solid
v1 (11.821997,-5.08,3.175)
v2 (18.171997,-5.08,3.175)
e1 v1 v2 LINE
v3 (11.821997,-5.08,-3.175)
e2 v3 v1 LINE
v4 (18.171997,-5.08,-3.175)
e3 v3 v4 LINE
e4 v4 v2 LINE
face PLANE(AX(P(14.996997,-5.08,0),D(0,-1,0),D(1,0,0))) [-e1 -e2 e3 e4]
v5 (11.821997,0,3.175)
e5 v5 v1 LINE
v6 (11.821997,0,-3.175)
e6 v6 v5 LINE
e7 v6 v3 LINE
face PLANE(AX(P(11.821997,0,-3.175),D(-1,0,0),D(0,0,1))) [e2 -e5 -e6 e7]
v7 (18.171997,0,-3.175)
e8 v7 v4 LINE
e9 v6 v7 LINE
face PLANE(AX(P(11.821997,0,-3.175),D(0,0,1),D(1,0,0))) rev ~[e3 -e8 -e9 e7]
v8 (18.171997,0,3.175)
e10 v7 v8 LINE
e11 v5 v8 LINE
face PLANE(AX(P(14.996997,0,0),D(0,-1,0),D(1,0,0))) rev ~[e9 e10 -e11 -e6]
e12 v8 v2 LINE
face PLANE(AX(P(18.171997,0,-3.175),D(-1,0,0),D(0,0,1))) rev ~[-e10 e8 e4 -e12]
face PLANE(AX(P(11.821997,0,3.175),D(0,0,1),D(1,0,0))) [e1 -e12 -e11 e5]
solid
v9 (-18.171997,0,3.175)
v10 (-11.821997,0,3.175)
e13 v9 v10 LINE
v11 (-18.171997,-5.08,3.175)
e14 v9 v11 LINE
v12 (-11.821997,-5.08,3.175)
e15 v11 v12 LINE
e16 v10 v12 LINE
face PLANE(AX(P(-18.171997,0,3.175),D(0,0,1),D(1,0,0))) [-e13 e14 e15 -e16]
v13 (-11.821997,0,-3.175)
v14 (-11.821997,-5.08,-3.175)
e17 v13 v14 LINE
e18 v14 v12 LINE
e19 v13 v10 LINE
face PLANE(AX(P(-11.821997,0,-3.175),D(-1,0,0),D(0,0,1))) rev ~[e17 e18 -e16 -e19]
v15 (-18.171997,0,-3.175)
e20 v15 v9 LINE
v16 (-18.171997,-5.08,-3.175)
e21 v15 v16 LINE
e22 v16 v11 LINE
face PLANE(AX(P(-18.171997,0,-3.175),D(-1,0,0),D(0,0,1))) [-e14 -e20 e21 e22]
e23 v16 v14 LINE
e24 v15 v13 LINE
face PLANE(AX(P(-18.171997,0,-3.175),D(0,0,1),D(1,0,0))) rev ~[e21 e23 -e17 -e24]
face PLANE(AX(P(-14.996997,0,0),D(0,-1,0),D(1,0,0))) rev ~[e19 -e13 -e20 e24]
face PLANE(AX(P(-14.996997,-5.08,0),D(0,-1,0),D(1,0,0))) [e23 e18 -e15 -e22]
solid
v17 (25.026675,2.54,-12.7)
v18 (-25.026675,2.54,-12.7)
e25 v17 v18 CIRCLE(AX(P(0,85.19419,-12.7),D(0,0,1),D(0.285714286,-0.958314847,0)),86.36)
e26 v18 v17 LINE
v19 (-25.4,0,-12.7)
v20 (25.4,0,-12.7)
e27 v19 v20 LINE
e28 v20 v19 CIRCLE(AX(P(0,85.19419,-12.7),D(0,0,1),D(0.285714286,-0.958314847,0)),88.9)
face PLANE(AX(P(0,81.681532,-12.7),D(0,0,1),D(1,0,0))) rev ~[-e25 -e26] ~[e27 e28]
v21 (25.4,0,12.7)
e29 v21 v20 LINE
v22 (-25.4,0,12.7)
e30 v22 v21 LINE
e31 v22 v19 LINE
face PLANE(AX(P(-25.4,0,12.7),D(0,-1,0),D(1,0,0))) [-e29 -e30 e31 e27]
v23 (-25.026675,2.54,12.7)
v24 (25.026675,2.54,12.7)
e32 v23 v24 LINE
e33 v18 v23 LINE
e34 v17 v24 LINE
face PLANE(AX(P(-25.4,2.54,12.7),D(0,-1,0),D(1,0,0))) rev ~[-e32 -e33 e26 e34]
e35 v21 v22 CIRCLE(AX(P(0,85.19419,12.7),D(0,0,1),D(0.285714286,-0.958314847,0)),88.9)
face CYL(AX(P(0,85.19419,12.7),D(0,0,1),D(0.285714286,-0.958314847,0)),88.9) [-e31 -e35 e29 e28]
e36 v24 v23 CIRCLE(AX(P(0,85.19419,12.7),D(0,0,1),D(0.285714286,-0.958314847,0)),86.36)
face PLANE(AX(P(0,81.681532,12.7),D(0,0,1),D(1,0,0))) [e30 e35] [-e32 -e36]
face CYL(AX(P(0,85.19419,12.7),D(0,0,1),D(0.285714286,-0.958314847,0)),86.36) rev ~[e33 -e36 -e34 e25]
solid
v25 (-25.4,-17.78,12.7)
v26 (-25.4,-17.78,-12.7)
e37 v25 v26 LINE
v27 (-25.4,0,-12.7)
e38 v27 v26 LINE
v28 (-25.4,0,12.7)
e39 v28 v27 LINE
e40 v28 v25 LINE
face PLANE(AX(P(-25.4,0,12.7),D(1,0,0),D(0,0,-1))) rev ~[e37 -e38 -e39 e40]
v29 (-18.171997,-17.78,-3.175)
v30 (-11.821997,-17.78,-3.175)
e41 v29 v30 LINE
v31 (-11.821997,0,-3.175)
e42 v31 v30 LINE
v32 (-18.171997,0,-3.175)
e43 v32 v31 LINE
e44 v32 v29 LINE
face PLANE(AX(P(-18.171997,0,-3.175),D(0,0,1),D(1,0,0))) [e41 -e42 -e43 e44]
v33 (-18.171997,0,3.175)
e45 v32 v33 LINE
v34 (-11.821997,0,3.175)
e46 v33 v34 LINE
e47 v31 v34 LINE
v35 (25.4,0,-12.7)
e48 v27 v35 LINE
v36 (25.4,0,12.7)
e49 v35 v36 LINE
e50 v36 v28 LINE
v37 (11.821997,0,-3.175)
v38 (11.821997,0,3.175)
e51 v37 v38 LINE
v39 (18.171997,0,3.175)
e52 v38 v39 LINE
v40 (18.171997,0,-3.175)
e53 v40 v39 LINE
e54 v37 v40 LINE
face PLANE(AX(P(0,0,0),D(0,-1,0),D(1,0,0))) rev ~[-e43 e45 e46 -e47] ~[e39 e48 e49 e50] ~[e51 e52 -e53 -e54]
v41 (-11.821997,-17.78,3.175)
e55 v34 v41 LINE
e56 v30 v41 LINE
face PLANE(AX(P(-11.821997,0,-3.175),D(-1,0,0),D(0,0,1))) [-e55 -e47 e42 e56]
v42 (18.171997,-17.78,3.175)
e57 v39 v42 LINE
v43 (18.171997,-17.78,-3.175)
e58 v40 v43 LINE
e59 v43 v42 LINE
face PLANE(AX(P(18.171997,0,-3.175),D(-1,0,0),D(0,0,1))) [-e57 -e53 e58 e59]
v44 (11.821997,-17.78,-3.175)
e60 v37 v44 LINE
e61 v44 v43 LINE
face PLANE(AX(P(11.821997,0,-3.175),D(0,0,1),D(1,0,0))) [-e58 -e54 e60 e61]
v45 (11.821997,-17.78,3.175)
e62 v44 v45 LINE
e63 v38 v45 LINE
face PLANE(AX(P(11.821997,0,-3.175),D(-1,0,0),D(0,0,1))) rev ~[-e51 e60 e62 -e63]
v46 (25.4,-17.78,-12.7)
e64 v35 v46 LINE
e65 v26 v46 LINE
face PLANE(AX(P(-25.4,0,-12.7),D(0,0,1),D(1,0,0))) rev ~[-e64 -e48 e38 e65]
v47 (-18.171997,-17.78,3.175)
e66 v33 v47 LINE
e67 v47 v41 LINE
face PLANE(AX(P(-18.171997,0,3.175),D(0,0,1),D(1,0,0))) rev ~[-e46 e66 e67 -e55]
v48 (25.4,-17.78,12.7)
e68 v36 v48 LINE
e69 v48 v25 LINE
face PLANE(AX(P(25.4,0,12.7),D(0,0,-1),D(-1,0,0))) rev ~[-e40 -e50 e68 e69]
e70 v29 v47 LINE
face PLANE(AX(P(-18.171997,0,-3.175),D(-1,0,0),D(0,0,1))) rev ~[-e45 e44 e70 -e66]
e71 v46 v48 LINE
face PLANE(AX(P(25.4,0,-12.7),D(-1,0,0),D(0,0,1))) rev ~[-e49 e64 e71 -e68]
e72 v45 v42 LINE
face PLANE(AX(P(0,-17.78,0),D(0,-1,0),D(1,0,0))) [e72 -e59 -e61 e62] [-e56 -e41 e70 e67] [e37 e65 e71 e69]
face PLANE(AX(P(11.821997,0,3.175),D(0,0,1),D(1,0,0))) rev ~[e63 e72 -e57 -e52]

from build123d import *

# Parameters (mm, degrees)
F0_W     = 6.35
F0_H     = 6.35
F1_DEPTH = 5.08
F2_DEPTH = 17.78
F6_DEPTH = 25.4
F7_T     = -2.54


with BuildPart() as f1:
    # F0 (on Front) → F1 (new body)
    with BuildSketch(Plane.XZ):
        with Locations((-14.996996963, 0)):
            Rectangle(F0_W, F0_H)
    extrude(amount=F1_DEPTH)


with BuildPart() as f1b:
    # F0 (on Front) → F1, piece 2 (new body)
    with BuildSketch(Plane.XZ):
        with Locations((14.996996963, 0)):
            Rectangle(F0_W, F0_H)
    extrude(amount=F1_DEPTH)


with BuildPart() as f2:
    # F0 (on Front) → F2 (new body)
    with BuildSketch(Plane.XZ):
        Polygon((-25.4, 12.7), (-25.4, -10.2536968559), (-25.4, -12.7), (25.4, -12.7), (25.4, 12.7), align=None)
        with Locations((-14.996996963, 0)):
            Rectangle(F0_W, F0_H, mode=Mode.SUBTRACT)
        with Locations((14.996996963, 0)):
            Rectangle(F0_W, F0_H, mode=Mode.SUBTRACT)
    extrude(amount=F2_DEPTH)


with BuildPart() as f6:
    # F5 (on offset) → F6 (new body)
    with BuildSketch(Plane.XY.offset(12.7)):
        with BuildLine():
            ThreePointArc((25.4, 0), (0, 174.0941899427), (-25.4, 0))
            Line((-25.4, 0), (25.4, 0))
        make_face()
    extrude(amount=-F6_DEPTH)

    # F7
    f7_openings = [f6.faces().sort_by_distance(p)[0] for p in [
        (0, 85.636439, 12.7),
        (0, 85.636439, -12.7),
    ]]
    offset(amount=F7_T, openings=f7_openings)


solid = Compound([f1.part, f1b.part, f2.part, f6.part])
